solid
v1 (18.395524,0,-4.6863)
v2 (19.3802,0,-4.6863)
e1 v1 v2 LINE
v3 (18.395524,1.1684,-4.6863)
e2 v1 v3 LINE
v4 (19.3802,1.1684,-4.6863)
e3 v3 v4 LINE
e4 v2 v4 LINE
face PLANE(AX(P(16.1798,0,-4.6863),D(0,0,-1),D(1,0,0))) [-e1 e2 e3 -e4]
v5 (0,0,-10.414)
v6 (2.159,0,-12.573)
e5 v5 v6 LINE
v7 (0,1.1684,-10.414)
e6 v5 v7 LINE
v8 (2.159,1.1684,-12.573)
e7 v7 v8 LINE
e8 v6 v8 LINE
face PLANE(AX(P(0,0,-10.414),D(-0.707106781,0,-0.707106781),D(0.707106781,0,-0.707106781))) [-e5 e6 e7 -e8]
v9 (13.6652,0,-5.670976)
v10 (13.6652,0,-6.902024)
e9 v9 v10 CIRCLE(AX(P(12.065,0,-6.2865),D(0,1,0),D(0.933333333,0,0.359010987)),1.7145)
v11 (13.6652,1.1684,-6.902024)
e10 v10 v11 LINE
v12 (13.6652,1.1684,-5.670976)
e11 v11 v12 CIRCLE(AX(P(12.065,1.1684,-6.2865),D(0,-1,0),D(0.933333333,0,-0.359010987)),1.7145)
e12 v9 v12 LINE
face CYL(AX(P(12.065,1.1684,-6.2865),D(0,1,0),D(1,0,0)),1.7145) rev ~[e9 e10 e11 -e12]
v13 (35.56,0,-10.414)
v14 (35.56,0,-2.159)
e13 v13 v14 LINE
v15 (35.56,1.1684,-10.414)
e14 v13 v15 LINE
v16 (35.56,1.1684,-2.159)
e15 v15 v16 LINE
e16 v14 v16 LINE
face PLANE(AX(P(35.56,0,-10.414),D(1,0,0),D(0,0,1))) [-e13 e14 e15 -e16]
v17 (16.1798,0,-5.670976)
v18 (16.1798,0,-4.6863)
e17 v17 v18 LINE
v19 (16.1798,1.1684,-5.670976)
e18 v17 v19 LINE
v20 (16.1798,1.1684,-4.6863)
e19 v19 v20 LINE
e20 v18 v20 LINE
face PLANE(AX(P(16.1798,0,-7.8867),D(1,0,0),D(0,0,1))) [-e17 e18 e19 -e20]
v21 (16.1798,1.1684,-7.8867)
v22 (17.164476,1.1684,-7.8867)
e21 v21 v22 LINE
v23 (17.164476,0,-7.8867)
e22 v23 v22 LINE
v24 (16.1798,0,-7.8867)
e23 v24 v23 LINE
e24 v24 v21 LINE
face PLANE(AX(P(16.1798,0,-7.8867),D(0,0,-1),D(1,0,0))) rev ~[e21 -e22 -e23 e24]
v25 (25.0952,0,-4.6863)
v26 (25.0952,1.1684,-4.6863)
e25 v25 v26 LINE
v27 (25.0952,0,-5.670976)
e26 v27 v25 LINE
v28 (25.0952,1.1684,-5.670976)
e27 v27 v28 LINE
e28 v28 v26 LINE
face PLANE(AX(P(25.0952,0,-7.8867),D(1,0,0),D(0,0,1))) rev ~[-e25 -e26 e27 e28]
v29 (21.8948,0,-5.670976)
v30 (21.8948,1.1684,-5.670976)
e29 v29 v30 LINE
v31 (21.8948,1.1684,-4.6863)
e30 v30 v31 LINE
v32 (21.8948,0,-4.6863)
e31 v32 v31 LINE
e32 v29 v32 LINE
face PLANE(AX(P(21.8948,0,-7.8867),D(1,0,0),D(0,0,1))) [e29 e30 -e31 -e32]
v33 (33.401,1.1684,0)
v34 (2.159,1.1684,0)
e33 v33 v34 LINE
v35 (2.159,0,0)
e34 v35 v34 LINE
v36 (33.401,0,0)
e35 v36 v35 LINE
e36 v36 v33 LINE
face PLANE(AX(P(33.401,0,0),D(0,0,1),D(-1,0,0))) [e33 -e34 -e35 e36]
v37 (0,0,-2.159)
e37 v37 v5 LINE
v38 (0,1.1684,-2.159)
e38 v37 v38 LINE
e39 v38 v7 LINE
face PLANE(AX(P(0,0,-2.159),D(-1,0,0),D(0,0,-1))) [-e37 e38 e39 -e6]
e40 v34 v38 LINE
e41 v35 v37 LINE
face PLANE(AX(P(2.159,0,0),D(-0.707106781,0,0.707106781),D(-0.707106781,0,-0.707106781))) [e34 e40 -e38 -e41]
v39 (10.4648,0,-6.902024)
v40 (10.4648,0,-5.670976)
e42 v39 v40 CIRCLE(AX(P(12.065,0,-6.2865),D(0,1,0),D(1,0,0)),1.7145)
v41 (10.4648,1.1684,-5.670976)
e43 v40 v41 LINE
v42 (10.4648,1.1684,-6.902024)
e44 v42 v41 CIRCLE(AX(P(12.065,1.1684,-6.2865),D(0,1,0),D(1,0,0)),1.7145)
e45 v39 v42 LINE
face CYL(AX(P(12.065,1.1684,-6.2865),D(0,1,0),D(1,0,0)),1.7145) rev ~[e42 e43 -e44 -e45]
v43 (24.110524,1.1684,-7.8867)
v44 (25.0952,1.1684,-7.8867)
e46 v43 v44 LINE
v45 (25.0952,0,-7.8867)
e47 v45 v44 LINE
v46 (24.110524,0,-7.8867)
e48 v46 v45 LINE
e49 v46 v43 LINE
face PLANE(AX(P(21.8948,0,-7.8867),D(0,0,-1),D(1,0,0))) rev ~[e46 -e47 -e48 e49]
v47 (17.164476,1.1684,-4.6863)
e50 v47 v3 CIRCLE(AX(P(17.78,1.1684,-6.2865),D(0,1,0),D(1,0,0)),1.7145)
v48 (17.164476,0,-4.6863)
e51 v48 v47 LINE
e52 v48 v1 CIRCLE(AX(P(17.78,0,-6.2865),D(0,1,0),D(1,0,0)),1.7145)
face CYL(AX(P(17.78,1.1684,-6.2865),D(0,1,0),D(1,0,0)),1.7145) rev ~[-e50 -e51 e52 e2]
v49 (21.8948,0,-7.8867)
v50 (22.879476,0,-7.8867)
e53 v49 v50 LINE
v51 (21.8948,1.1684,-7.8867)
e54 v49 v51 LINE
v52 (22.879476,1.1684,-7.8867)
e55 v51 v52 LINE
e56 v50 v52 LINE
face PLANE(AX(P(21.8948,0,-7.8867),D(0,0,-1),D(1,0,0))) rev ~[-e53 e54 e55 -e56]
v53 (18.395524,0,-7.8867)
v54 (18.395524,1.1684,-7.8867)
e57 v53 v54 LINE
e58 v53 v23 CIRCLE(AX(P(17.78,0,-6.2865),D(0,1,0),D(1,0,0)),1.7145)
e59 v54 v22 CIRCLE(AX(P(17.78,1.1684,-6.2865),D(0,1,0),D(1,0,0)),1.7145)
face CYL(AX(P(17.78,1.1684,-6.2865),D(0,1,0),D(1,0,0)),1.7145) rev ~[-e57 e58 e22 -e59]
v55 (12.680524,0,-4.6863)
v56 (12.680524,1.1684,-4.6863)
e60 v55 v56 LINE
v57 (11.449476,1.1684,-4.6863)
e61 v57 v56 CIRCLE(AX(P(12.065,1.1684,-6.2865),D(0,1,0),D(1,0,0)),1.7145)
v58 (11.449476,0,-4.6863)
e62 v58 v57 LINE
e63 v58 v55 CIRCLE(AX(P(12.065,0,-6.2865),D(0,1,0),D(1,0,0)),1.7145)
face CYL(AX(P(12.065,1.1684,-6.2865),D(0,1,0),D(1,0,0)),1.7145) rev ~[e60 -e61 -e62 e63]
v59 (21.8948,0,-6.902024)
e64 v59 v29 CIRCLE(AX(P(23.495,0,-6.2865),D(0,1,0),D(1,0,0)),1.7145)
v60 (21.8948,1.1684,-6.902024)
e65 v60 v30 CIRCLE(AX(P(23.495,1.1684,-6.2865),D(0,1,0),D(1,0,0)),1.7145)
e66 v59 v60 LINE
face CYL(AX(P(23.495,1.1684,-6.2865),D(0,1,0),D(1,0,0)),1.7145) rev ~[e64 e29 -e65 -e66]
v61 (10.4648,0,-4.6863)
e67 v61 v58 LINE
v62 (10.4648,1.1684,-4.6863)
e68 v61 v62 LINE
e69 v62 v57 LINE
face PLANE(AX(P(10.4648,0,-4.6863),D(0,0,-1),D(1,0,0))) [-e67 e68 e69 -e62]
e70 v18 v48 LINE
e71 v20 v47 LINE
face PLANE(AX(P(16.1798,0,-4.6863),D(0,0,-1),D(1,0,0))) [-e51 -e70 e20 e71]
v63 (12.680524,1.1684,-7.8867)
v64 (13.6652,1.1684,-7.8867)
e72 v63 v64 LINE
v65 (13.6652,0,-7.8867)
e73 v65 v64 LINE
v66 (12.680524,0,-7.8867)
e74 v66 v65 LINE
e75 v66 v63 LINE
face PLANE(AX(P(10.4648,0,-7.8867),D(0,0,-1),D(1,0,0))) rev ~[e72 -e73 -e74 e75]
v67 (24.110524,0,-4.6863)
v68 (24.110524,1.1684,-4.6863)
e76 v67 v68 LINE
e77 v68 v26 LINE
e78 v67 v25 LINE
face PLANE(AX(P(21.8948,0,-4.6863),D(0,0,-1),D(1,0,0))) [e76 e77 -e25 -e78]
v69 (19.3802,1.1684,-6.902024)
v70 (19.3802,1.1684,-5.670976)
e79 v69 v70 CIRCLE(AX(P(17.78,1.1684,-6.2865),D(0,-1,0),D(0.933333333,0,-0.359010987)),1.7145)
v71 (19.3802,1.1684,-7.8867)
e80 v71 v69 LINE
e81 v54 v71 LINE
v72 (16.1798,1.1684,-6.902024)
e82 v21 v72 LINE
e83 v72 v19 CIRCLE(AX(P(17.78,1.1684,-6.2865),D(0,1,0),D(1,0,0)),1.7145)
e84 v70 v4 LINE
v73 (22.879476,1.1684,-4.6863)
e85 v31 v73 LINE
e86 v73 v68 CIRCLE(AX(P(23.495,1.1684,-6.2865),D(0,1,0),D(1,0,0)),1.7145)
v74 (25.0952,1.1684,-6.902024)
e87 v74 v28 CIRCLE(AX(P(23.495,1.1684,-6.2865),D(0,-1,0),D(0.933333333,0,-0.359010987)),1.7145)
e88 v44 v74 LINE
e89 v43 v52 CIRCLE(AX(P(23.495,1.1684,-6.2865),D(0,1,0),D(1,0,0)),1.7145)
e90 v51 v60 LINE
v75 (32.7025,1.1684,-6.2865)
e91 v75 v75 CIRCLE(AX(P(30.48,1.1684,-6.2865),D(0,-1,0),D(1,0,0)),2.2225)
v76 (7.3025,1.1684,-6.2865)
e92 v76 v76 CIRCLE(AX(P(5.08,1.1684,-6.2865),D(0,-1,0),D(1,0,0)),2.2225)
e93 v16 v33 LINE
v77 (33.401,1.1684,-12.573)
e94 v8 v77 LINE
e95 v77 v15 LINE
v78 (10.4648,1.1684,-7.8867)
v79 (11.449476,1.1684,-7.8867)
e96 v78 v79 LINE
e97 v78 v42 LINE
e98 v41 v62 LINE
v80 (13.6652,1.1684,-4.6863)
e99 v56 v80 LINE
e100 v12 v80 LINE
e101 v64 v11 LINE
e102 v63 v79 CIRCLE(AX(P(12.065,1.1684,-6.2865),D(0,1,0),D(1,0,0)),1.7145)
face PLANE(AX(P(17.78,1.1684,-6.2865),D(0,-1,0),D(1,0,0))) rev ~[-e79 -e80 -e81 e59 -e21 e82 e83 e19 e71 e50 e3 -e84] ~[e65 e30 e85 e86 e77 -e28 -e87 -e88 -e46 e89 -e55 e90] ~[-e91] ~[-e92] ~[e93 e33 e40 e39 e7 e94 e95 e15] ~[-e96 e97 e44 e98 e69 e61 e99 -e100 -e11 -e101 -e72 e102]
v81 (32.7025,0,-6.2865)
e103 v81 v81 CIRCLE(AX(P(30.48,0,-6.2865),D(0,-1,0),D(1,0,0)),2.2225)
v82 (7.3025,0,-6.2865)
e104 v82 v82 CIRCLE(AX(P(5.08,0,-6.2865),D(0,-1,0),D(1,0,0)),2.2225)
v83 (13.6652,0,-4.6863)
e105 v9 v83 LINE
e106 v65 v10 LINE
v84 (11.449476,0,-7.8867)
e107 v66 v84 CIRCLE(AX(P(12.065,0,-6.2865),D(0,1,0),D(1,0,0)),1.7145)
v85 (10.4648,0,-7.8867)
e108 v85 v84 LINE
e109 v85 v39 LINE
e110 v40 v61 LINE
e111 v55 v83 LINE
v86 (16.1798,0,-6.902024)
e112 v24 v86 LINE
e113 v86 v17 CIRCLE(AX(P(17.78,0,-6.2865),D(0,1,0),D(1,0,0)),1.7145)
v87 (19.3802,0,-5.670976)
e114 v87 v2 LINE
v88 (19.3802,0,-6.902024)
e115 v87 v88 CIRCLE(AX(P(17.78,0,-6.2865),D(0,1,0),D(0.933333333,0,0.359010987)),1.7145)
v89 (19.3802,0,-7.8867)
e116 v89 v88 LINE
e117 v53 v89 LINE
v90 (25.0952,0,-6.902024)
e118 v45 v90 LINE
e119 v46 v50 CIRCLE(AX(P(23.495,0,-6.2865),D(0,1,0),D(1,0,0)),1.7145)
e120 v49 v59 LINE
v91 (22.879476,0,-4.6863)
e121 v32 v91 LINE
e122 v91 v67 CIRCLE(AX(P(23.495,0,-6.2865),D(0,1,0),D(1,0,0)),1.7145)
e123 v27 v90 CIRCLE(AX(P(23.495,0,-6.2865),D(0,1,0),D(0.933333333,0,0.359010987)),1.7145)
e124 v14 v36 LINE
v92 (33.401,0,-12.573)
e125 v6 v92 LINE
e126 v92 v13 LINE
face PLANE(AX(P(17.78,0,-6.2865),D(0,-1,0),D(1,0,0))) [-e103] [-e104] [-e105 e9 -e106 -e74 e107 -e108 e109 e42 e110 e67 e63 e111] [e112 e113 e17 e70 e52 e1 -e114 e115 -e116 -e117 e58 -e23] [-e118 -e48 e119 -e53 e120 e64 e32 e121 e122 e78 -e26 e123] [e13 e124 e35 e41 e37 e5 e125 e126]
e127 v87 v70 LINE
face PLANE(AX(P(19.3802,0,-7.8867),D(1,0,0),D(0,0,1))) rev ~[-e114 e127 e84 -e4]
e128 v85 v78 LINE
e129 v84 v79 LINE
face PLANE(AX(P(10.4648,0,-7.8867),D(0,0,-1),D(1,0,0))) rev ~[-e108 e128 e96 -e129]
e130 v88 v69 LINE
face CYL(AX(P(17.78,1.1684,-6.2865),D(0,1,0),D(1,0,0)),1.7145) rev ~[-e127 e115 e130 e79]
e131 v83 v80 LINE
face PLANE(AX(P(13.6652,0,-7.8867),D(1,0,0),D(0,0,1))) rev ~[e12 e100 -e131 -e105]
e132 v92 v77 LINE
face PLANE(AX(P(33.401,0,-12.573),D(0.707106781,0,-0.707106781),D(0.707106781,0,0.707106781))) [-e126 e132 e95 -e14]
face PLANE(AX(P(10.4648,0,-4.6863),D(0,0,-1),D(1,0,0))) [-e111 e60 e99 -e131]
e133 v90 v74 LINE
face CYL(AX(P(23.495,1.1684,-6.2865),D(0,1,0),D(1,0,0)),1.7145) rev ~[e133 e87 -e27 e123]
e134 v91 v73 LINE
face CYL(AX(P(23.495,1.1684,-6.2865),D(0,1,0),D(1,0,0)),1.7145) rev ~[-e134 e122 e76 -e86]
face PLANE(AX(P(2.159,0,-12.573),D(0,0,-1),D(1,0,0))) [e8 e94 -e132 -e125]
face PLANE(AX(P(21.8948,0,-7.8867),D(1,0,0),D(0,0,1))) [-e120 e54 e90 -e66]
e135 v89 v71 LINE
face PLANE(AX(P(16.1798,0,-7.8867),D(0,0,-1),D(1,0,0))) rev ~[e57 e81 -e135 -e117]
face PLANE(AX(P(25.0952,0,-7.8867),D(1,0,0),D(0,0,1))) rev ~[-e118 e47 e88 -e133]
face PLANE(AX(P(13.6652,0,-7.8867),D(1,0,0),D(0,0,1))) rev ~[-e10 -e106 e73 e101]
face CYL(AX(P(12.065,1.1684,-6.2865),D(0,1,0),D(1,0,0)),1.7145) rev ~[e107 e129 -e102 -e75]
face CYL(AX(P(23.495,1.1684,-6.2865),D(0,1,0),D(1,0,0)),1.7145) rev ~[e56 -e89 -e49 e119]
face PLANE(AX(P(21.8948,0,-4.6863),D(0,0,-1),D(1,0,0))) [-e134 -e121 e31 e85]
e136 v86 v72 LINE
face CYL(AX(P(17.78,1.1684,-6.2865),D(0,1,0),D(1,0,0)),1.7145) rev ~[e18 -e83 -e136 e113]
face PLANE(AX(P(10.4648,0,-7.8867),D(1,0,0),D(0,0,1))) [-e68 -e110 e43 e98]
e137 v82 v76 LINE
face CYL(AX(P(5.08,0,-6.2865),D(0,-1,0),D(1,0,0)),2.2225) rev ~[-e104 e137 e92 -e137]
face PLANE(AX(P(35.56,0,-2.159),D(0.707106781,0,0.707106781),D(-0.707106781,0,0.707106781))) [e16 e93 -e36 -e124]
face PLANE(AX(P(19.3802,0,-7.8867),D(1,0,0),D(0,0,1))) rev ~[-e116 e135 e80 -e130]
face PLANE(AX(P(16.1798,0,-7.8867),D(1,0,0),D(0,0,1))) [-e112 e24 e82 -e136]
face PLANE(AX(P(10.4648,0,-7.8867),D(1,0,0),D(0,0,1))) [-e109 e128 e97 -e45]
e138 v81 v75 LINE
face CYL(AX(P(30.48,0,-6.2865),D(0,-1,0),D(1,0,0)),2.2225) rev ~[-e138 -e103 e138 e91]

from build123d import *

# Parameters (mm, degrees)
SKETCH1_R           = 2.2225
SKETCH1_W           = 3.2004
SKETCH1_H           = 3.2004
BOSS_EXTRUDE1_DEPTH = 1.1684
SKETCH2_R           = 1.7145
CUT_EXTRUDE1_DEPTH  = 2.54


with BuildPart() as part:
    # Sketch1 → Boss-Extrude1 (new body)
    with BuildSketch(Plane.XZ):
        Polygon((33.401, -12.573), (35.56, -10.414), (35.56, -2.159), (33.401, 0), (2.159, 0), (0, -2.159), (0, -10.414), (2.159, -12.573), align=None)
        with Locations((5.08, -6.2865)):
            Circle(SKETCH1_R, mode=Mode.SUBTRACT)
        with Locations((30.48, -6.2865)):
            Circle(SKETCH1_R, mode=Mode.SUBTRACT)
        with Locations((23.495, -6.2865)):
            Rectangle(SKETCH1_W, SKETCH1_H, mode=Mode.SUBTRACT)
        with Locations((12.065, -6.2865)):
            Rectangle(SKETCH1_W, SKETCH1_H, mode=Mode.SUBTRACT)
        with Locations((17.78, -6.2865)):
            Rectangle(SKETCH1_W, SKETCH1_H, mode=Mode.SUBTRACT)
    extrude(amount=-BOSS_EXTRUDE1_DEPTH)

    # Sketch2 → Cut-Extrude1 (cut)
    with BuildSketch(Plane(origin=(0, 1.1684, 0), x_dir=(1, 0, 0), z_dir=(0, 1, 0))):
        with Locations((12.065, 6.2865)):
            Circle(SKETCH2_R)
        with Locations((17.78, 6.2865)):
            Circle(SKETCH2_R)
        with Locations((23.495, 6.2865)):
            Circle(SKETCH2_R)
    extrude(amount=-CUT_EXTRUDE1_DEPTH, mode=Mode.SUBTRACT)


solid = part.part
